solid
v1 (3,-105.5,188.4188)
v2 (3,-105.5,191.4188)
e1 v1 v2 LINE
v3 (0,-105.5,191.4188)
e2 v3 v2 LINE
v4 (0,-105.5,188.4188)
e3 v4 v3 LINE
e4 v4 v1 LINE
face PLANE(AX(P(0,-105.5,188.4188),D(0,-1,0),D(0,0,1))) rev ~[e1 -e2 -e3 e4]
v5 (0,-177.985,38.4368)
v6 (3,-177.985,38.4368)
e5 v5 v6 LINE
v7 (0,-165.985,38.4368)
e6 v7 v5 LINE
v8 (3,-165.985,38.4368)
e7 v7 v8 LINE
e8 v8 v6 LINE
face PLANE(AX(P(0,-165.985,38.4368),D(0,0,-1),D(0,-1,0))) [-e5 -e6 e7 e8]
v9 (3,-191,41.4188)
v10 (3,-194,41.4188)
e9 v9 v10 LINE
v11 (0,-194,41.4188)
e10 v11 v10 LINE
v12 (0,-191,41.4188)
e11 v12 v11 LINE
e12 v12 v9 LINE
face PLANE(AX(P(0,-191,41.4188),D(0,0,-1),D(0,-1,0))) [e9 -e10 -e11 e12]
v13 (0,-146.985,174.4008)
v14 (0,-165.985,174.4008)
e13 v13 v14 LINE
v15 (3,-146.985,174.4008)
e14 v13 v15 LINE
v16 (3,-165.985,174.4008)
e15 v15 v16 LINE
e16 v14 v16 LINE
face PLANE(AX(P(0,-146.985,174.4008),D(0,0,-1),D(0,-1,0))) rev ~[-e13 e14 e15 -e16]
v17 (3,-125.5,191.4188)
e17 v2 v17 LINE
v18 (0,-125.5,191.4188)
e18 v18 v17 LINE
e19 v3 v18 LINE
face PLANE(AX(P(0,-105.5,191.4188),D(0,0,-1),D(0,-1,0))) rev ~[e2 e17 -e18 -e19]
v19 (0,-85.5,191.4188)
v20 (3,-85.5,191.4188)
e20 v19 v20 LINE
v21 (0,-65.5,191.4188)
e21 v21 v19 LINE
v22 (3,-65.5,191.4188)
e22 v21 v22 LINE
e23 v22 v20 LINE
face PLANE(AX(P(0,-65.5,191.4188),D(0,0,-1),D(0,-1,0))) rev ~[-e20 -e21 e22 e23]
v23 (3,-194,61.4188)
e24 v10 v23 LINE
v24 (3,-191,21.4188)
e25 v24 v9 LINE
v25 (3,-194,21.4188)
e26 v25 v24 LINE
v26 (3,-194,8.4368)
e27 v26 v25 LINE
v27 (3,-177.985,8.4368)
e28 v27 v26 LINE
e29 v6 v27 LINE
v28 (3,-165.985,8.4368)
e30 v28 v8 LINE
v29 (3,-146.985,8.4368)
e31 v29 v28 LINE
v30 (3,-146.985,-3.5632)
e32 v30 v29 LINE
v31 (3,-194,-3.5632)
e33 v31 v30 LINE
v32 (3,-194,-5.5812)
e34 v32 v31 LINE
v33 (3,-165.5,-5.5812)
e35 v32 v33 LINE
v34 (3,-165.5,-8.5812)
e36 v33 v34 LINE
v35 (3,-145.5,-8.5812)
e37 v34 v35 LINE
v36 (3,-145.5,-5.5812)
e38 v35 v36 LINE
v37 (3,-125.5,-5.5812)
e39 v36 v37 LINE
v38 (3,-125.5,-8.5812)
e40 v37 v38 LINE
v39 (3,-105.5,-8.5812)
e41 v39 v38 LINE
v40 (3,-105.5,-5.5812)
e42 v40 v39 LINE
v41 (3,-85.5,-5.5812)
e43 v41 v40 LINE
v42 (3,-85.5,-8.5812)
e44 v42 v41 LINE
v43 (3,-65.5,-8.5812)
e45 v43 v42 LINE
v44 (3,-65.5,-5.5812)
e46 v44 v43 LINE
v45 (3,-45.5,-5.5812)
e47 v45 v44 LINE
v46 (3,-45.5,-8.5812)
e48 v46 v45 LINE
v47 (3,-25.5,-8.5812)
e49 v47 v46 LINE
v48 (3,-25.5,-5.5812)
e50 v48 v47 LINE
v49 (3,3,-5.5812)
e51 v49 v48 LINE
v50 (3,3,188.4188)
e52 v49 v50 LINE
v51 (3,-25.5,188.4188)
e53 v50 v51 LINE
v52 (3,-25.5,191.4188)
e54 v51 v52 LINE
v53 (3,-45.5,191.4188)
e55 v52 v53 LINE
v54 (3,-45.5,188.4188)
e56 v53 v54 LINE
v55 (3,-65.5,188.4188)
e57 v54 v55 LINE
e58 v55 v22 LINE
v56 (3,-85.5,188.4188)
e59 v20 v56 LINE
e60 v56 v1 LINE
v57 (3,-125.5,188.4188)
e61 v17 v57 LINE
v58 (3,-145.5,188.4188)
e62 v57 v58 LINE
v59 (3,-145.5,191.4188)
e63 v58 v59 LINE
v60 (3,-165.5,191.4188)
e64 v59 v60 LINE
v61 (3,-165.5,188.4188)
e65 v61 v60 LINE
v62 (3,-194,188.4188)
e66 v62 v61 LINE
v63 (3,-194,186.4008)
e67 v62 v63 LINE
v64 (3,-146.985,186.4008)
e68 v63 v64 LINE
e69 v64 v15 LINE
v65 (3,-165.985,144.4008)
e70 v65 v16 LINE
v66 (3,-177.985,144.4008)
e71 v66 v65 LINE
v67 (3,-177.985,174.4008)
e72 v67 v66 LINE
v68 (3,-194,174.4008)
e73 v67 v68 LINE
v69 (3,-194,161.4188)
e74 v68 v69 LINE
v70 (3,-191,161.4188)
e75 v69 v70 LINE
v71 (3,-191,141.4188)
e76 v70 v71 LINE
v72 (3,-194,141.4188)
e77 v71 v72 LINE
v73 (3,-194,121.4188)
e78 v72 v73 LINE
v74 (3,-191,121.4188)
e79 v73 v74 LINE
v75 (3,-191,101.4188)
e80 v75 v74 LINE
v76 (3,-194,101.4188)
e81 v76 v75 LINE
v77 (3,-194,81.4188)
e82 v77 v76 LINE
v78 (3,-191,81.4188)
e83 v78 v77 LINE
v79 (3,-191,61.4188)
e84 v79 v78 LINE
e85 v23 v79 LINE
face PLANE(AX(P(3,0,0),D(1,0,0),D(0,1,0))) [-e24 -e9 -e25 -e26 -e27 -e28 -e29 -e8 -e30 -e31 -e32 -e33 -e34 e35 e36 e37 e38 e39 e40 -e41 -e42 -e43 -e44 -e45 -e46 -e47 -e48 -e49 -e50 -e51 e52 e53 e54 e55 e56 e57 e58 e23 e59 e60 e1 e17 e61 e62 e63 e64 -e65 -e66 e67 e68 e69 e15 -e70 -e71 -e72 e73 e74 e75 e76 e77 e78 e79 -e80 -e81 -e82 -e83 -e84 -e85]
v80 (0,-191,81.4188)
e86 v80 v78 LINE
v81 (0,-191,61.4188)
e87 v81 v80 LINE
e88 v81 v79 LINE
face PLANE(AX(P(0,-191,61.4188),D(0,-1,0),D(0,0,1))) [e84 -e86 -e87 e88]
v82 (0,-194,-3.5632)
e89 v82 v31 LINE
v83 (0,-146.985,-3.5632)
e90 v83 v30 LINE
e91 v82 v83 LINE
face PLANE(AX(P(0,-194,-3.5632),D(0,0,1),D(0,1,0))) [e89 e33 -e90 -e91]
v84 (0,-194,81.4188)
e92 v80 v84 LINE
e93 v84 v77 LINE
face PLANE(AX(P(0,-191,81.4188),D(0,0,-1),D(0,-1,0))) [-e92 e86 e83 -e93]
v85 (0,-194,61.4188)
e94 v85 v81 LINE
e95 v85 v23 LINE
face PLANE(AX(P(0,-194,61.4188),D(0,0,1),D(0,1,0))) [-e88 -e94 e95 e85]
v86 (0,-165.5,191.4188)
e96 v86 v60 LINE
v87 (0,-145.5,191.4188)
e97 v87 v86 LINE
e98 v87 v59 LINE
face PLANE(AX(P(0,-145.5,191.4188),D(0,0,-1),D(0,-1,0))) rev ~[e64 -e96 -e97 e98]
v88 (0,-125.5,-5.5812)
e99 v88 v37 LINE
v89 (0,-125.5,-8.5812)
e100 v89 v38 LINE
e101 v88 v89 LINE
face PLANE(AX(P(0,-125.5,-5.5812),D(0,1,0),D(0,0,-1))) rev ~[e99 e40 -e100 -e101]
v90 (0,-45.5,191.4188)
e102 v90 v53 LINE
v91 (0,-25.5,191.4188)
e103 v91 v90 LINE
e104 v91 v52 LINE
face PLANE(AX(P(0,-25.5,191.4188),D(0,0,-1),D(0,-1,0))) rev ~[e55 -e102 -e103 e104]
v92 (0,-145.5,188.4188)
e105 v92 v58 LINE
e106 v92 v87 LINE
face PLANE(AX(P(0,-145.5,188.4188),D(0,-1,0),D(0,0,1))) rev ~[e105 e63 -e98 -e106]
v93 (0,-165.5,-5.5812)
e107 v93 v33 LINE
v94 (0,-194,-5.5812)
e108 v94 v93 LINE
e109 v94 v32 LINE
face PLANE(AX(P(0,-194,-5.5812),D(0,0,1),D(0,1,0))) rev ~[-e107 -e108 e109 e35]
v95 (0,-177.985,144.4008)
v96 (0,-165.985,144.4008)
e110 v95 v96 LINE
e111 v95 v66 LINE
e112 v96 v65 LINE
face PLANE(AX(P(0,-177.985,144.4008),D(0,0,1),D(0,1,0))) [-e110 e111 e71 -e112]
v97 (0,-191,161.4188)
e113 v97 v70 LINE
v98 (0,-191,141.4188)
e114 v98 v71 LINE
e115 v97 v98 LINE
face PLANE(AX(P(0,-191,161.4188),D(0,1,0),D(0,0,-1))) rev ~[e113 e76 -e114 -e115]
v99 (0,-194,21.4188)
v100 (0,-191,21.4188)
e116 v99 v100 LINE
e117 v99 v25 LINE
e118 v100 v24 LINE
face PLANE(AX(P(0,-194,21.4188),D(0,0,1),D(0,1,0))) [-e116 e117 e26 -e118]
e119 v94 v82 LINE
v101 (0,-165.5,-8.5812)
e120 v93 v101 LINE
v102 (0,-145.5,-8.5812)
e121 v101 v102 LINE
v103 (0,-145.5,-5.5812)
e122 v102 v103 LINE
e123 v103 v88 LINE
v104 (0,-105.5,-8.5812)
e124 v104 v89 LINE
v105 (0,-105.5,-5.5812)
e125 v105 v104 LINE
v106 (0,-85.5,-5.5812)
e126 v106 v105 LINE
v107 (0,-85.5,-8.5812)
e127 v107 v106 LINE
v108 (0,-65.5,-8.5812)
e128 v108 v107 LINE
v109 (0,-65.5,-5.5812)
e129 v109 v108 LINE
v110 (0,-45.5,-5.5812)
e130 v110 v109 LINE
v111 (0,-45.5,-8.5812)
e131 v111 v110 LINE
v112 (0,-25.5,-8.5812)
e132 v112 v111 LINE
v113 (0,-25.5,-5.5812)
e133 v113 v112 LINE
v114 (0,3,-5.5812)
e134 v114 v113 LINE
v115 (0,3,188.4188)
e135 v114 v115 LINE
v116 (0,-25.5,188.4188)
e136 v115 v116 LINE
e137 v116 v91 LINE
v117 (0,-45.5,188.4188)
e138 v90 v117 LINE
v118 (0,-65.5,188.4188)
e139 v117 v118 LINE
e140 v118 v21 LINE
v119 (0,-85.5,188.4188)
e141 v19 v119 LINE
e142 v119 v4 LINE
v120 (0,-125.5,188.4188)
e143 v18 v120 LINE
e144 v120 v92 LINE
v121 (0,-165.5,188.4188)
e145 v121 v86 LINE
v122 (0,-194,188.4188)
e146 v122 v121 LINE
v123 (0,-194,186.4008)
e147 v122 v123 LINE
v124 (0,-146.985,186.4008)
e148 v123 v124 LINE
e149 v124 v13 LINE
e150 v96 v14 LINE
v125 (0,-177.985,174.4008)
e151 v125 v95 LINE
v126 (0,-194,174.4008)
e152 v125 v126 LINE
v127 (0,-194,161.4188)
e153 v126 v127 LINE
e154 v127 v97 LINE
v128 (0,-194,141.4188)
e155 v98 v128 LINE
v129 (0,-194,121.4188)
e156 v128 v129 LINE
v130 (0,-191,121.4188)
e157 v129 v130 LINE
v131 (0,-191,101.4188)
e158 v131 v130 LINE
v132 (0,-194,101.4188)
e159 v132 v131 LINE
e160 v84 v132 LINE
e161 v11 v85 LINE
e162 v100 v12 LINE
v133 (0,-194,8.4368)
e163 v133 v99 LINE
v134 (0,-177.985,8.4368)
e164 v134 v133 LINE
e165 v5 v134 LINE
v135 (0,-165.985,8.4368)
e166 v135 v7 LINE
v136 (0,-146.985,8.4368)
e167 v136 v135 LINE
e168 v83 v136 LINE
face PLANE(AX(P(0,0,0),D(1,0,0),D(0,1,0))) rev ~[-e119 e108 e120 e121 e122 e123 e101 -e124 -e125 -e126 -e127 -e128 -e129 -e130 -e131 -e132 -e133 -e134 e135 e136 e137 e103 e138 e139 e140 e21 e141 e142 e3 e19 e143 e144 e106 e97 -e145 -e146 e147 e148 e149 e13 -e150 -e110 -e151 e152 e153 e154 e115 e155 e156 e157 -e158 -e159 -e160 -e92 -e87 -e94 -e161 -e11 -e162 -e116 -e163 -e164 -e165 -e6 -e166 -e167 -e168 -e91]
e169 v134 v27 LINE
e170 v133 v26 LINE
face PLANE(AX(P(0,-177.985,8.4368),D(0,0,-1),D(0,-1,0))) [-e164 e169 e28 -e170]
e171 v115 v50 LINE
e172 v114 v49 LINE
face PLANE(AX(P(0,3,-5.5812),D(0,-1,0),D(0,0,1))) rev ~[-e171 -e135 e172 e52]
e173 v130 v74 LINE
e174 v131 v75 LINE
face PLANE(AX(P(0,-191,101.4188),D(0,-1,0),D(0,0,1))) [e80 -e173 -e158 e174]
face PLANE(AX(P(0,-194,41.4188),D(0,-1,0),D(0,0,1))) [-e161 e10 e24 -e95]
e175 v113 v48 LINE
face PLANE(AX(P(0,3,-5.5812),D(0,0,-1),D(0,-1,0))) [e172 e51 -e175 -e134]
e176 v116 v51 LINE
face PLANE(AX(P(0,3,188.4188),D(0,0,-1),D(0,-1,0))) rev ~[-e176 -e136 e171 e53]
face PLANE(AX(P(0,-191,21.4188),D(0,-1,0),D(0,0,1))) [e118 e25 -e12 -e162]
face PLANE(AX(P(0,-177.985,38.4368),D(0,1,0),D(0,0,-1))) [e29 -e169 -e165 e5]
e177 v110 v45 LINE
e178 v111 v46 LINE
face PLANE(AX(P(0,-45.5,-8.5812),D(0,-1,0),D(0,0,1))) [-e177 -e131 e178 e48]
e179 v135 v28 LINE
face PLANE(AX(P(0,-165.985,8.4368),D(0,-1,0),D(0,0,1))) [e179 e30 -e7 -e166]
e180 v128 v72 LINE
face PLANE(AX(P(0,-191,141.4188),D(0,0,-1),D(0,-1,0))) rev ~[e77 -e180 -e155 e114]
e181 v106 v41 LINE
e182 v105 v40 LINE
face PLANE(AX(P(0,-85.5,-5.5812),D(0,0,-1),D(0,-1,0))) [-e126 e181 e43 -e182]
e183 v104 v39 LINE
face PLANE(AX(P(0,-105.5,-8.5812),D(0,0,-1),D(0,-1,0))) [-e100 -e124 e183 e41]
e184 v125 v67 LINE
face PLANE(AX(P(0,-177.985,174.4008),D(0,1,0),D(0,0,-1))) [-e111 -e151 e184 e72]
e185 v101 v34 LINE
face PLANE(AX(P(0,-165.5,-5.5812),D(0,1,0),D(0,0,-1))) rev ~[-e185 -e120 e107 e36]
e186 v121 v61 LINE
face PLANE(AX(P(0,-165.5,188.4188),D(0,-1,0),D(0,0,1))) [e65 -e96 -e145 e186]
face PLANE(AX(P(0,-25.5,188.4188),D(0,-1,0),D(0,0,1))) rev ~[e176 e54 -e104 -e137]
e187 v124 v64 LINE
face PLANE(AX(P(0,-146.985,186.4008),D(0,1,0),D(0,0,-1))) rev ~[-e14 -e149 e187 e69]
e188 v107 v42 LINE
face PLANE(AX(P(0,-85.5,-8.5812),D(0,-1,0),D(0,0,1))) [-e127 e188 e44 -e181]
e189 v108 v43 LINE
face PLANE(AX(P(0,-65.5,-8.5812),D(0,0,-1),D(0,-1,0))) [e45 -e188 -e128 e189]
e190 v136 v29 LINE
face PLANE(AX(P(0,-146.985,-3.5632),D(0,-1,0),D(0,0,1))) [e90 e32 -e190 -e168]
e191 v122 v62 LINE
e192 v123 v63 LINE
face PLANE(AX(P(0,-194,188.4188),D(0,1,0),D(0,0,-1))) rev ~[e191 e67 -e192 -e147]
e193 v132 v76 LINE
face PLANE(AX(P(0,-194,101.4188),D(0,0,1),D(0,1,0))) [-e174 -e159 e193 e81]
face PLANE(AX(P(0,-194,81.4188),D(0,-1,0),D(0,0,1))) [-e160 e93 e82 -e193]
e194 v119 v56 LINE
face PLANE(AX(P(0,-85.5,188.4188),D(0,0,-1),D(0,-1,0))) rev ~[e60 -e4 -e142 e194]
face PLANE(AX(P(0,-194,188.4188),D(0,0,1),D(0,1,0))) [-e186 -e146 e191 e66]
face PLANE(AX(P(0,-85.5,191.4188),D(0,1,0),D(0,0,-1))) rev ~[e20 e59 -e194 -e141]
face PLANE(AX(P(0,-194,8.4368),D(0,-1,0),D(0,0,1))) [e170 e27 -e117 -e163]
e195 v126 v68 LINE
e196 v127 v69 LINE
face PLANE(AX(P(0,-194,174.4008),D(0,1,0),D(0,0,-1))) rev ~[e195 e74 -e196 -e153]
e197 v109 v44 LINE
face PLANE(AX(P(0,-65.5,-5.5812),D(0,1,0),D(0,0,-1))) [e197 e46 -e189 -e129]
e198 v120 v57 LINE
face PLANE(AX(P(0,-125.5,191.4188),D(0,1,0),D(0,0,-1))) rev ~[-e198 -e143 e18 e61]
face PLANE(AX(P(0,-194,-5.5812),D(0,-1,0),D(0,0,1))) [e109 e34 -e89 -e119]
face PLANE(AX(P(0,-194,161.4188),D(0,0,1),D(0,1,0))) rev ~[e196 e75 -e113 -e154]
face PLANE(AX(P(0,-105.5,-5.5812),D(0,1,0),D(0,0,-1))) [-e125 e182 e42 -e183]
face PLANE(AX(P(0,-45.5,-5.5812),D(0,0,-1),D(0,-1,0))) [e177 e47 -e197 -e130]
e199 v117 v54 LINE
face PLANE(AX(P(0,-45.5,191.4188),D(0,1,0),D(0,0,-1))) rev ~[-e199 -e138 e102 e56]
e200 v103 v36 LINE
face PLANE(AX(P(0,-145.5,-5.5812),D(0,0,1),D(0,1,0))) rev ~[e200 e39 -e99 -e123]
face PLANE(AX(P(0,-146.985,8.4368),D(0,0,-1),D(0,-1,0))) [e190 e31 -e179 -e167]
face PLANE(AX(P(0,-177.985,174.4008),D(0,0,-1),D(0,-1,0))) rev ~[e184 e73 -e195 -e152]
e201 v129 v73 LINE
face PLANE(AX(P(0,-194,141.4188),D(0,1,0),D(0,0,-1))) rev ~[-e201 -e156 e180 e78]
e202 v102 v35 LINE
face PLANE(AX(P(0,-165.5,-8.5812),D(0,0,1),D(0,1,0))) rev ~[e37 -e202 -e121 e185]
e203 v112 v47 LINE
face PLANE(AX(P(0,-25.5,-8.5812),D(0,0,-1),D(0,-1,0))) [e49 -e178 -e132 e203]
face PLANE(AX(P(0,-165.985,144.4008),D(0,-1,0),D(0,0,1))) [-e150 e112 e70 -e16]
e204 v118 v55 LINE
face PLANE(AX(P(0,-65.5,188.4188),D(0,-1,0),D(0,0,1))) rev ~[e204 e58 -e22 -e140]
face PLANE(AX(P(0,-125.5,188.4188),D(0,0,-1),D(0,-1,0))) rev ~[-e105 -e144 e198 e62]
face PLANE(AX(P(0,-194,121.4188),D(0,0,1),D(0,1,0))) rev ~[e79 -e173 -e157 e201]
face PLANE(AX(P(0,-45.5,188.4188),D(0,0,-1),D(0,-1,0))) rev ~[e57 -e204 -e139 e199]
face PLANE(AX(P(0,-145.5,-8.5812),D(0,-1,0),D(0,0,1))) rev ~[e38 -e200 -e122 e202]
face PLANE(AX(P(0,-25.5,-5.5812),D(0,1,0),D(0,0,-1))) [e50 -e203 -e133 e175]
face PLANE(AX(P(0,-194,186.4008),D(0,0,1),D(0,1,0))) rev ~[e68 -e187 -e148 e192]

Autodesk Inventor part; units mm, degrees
ref_plane "YZ Plane" through (0, 0, 0) normal (1, 0, 0) x (0, 1, 0)
ref_plane "XZ Plane" through (0, 0, 0) normal (0, 1, 0) x (-1, 0, 0)
ref_plane "XY Plane" through (0, 0, 0) normal (0, 0, 1) x (1, 0, 0)
sketch "Sketch1" plane through (0, 0, 0) normal (1, 0, 0) x (0, 1, 0)
  line L0 (3, 191.4188) -> (-194, 191.4188) construction
  line L1 (-194, 191.4188) -> (-194, -8.5812) construction
  line L2 (-194, -8.5812) -> (3, -8.5812) construction
  line L3 (3, -8.5812) -> (3, 191.4188) construction
  line L4 (0, 188.4188) -> (-191, 188.4188) construction
  line L5 (-191, 188.4188) -> (-191, -5.5812) construction
  line L6 (-191, -5.5812) -> (0, -5.5812) construction
  line L7 (0, -5.5812) -> (0, 188.4188) construction
  line L8 (-165.5, -5.5812) -> (-165.5, -8.5812) construction
  line L9 (-194, -5.5812) -> (-165.5, -5.5812)
  line L10 (-165.5, -5.5812) -> (-165.5, -8.5812)
  line L11 (-165.5, -8.5812) -> (-145.5, -8.5812)
  line L12 (-145.5, -8.5812) -> (-145.5, -5.5812)
  line L13 (-145.5, -5.5812) -> (-125.5, -5.5812)
  line L14 (-125.5, -5.5812) -> (-125.5, -8.5812)
  line L15 (3, -5.5812) -> (-25.5, -5.5812)
  line L16 (-25.5, -5.5812) -> (-25.5, -8.5812)
  line L17 (-25.5, -8.5812) -> (-45.5, -8.5812)
  line L18 (-45.5, -8.5812) -> (-45.5, -5.5812)
  line L19 (-45.5, -5.5812) -> (-65.5, -5.5812)
  line L20 (-65.5, -5.5812) -> (-65.5, -8.5812)
  line L21 (-65.5, -8.5812) -> (-85.5, -8.5812)
  line L22 (-85.5, -8.5812) -> (-85.5, -5.5812)
  line L23 (-85.5, -5.5812) -> (-105.5, -5.5812)
  line L24 (-105.5, -5.5812) -> (-105.5, -8.5812)
  line L25 (-105.5, -8.5812) -> (-125.5, -8.5812)
  line L26 (-194, 188.4188) -> (-165.5, 188.4188)
  line L27 (-165.5, 188.4188) -> (-165.5, 191.4188)
  line L28 (3, 188.4188) -> (-25.5, 188.4188)
  line L29 (-25.5, 188.4188) -> (-25.5, 191.4188)
  line L30 (-25.5, 191.4188) -> (-45.5, 191.4188)
  line L31 (-45.5, 191.4188) -> (-45.5, 188.4188)
  line L32 (-45.5, 188.4188) -> (-65.5, 188.4188)
  line L33 (-65.5, 188.4188) -> (-65.5, 191.4188)
  line L34 (-65.5, 191.4188) -> (-85.5, 191.4188)
  line L35 (-85.5, 191.4188) -> (-85.5, 188.4188)
  line L36 (-85.5, 188.4188) -> (-105.5, 188.4188)
  line L37 (-105.5, 188.4188) -> (-105.5, 191.4188)
  line L38 (-105.5, 191.4188) -> (-125.5, 191.4188)
  line L39 (-125.5, 191.4188) -> (-125.5, 188.4188)
  line L40 (-125.5, 188.4188) -> (-145.5, 188.4188)
  line L41 (-145.5, 188.4188) -> (-145.5, 191.4188)
  line L42 (-145.5, 191.4188) -> (-165.5, 191.4188)
  line L43 (-194, 188.4188) -> (-194, 161.4188)
  line L44 (-194, 161.4188) -> (-191, 161.4188)
  line L45 (-191, 161.4188) -> (-191, 141.4188)
  line L46 (-191, 141.4188) -> (-194, 141.4188)
  line L47 (-194, 141.4188) -> (-194, 121.4188)
  line L48 (-194, 121.4188) -> (-191, 121.4188)
  line L49 (-194, -5.5812) -> (-194, 21.4188)
  line L50 (-194, 21.4188) -> (-191, 21.4188)
  line L51 (-191, 21.4188) -> (-191, 41.4188)
  line L52 (-191, 41.4188) -> (-194, 41.4188)
  line L53 (-194, 41.4188) -> (-194, 61.4188)
  line L54 (-194, 61.4188) -> (-191, 61.4188)
  line L55 (-191, 61.4188) -> (-191, 81.4188)
  line L56 (-191, 81.4188) -> (-194, 81.4188)
  line L57 (-194, 81.4188) -> (-194, 101.4188)
  line L58 (-194, 101.4188) -> (-191, 101.4188)
  line L59 (-191, 101.4188) -> (-191, 121.4188)
  line L60 (3, -5.5812) -> (3, 188.4188)
  line L61 (-194, 186.4008) -> (-146.985, 186.4008)
  line L62 (-146.985, 186.4008) -> (-146.985, 174.4008)
  line L63 (-177.985, 174.4008) -> (-177.985, 144.4008)
  line L64 (-177.985, 144.4008) -> (-165.985, 144.4008)
  line L65 (-165.985, 144.4008) -> (-165.985, 174.4008)
  line L66 (-194, -3.5632) -> (-146.985, -3.5632)
  line L67 (-146.985, -3.5632) -> (-146.985, 8.4368)
  line L68 (-146.985, 8.4368) -> (-165.985, 8.4368)
  line L69 (-165.985, 8.4368) -> (-165.985, 38.4368)
  line L70 (-165.985, 38.4368) -> (-177.985, 38.4368)
  line L71 (-177.985, 38.4368) -> (-177.985, 8.4368)
  line L72 (-177.985, 8.4368) -> (-194, 8.4368)
  line L73 (-177.985, 174.4008) -> (-194, 174.4008)
  line L74 (-146.985, 174.4008) -> (-165.985, 174.4008)
  point P0 (0, 0)
  point P1 (-170.4925, 186.4008)
  point P2 (-194, 174.9188)
  dimension "d0" = 197
  dimension "d1" = 200
  dimension "d2" = 3
  dimension "d3" = 3
  dimension "d4" = 3
  dimension "d5" = 3
  dimension "d6" = 3
  dimension "d7" = 3
  dimension "d8" = 3
  dimension "d9" = 3
  dimension "d11" = 28.5
  dimension "d12" = 20
  dimension "d13" = 20
  dimension "d14" = 28.5
  dimension "d15" = 20
  dimension "d16" = 20
  dimension "d17" = 20
  dimension "d18" = 20
  dimension "d19" = 28.5
  dimension "d20" = 28.5
  dimension "d21" = 20
  dimension "d22" = 20
  dimension "d23" = 20
  dimension "d24" = 20
  dimension "d25" = 20
  dimension "d26" = 20
  dimension "d27" = 27
  dimension "d28" = 20
  dimension "d29" = 20
  dimension "d30" = 27
  dimension "d31" = 20
  dimension "d32" = 20
  dimension "d33" = 20
  dimension "d34" = 20
  dimension "d35" = 5.018
  dimension "d37" = 47.015
  dimension "d38" = 12
  dimension "d39" = 19
  dimension "d40" = 30
  dimension "d41" = 12
  dimension "d42" = 16.015
  dimension "d43" = 5.018
  dimension "d47" = 47.015
  dimension "d48" = 30
  dimension "d49" = 12
  dimension "d50" = 12
  dimension "d51" = 19
  dimension "d52" = 16.015
extrude "Extrusion1" add sketch "Sketch1" along normal blind 3 contours L49 L66 L67 L68 L69 L70 L71 L72 L50 L51 L52 L53 L54 L55 L56 L57 L58 L59 L48 L47 L46 L45 L44 L43 L73 L63 L64 L65 L74 L62 L61 L26 L27 L42 L41 L40 L39 L38 L37 L36 L35 L34 L33 L32 L31 L30 L29 L28 L60 L15 L16 L17 L18 L19 L20 L21 L22 L23 L24 L25 L14 L13 L12 L11 L10 L9
properties part number "outsidewall_left"
